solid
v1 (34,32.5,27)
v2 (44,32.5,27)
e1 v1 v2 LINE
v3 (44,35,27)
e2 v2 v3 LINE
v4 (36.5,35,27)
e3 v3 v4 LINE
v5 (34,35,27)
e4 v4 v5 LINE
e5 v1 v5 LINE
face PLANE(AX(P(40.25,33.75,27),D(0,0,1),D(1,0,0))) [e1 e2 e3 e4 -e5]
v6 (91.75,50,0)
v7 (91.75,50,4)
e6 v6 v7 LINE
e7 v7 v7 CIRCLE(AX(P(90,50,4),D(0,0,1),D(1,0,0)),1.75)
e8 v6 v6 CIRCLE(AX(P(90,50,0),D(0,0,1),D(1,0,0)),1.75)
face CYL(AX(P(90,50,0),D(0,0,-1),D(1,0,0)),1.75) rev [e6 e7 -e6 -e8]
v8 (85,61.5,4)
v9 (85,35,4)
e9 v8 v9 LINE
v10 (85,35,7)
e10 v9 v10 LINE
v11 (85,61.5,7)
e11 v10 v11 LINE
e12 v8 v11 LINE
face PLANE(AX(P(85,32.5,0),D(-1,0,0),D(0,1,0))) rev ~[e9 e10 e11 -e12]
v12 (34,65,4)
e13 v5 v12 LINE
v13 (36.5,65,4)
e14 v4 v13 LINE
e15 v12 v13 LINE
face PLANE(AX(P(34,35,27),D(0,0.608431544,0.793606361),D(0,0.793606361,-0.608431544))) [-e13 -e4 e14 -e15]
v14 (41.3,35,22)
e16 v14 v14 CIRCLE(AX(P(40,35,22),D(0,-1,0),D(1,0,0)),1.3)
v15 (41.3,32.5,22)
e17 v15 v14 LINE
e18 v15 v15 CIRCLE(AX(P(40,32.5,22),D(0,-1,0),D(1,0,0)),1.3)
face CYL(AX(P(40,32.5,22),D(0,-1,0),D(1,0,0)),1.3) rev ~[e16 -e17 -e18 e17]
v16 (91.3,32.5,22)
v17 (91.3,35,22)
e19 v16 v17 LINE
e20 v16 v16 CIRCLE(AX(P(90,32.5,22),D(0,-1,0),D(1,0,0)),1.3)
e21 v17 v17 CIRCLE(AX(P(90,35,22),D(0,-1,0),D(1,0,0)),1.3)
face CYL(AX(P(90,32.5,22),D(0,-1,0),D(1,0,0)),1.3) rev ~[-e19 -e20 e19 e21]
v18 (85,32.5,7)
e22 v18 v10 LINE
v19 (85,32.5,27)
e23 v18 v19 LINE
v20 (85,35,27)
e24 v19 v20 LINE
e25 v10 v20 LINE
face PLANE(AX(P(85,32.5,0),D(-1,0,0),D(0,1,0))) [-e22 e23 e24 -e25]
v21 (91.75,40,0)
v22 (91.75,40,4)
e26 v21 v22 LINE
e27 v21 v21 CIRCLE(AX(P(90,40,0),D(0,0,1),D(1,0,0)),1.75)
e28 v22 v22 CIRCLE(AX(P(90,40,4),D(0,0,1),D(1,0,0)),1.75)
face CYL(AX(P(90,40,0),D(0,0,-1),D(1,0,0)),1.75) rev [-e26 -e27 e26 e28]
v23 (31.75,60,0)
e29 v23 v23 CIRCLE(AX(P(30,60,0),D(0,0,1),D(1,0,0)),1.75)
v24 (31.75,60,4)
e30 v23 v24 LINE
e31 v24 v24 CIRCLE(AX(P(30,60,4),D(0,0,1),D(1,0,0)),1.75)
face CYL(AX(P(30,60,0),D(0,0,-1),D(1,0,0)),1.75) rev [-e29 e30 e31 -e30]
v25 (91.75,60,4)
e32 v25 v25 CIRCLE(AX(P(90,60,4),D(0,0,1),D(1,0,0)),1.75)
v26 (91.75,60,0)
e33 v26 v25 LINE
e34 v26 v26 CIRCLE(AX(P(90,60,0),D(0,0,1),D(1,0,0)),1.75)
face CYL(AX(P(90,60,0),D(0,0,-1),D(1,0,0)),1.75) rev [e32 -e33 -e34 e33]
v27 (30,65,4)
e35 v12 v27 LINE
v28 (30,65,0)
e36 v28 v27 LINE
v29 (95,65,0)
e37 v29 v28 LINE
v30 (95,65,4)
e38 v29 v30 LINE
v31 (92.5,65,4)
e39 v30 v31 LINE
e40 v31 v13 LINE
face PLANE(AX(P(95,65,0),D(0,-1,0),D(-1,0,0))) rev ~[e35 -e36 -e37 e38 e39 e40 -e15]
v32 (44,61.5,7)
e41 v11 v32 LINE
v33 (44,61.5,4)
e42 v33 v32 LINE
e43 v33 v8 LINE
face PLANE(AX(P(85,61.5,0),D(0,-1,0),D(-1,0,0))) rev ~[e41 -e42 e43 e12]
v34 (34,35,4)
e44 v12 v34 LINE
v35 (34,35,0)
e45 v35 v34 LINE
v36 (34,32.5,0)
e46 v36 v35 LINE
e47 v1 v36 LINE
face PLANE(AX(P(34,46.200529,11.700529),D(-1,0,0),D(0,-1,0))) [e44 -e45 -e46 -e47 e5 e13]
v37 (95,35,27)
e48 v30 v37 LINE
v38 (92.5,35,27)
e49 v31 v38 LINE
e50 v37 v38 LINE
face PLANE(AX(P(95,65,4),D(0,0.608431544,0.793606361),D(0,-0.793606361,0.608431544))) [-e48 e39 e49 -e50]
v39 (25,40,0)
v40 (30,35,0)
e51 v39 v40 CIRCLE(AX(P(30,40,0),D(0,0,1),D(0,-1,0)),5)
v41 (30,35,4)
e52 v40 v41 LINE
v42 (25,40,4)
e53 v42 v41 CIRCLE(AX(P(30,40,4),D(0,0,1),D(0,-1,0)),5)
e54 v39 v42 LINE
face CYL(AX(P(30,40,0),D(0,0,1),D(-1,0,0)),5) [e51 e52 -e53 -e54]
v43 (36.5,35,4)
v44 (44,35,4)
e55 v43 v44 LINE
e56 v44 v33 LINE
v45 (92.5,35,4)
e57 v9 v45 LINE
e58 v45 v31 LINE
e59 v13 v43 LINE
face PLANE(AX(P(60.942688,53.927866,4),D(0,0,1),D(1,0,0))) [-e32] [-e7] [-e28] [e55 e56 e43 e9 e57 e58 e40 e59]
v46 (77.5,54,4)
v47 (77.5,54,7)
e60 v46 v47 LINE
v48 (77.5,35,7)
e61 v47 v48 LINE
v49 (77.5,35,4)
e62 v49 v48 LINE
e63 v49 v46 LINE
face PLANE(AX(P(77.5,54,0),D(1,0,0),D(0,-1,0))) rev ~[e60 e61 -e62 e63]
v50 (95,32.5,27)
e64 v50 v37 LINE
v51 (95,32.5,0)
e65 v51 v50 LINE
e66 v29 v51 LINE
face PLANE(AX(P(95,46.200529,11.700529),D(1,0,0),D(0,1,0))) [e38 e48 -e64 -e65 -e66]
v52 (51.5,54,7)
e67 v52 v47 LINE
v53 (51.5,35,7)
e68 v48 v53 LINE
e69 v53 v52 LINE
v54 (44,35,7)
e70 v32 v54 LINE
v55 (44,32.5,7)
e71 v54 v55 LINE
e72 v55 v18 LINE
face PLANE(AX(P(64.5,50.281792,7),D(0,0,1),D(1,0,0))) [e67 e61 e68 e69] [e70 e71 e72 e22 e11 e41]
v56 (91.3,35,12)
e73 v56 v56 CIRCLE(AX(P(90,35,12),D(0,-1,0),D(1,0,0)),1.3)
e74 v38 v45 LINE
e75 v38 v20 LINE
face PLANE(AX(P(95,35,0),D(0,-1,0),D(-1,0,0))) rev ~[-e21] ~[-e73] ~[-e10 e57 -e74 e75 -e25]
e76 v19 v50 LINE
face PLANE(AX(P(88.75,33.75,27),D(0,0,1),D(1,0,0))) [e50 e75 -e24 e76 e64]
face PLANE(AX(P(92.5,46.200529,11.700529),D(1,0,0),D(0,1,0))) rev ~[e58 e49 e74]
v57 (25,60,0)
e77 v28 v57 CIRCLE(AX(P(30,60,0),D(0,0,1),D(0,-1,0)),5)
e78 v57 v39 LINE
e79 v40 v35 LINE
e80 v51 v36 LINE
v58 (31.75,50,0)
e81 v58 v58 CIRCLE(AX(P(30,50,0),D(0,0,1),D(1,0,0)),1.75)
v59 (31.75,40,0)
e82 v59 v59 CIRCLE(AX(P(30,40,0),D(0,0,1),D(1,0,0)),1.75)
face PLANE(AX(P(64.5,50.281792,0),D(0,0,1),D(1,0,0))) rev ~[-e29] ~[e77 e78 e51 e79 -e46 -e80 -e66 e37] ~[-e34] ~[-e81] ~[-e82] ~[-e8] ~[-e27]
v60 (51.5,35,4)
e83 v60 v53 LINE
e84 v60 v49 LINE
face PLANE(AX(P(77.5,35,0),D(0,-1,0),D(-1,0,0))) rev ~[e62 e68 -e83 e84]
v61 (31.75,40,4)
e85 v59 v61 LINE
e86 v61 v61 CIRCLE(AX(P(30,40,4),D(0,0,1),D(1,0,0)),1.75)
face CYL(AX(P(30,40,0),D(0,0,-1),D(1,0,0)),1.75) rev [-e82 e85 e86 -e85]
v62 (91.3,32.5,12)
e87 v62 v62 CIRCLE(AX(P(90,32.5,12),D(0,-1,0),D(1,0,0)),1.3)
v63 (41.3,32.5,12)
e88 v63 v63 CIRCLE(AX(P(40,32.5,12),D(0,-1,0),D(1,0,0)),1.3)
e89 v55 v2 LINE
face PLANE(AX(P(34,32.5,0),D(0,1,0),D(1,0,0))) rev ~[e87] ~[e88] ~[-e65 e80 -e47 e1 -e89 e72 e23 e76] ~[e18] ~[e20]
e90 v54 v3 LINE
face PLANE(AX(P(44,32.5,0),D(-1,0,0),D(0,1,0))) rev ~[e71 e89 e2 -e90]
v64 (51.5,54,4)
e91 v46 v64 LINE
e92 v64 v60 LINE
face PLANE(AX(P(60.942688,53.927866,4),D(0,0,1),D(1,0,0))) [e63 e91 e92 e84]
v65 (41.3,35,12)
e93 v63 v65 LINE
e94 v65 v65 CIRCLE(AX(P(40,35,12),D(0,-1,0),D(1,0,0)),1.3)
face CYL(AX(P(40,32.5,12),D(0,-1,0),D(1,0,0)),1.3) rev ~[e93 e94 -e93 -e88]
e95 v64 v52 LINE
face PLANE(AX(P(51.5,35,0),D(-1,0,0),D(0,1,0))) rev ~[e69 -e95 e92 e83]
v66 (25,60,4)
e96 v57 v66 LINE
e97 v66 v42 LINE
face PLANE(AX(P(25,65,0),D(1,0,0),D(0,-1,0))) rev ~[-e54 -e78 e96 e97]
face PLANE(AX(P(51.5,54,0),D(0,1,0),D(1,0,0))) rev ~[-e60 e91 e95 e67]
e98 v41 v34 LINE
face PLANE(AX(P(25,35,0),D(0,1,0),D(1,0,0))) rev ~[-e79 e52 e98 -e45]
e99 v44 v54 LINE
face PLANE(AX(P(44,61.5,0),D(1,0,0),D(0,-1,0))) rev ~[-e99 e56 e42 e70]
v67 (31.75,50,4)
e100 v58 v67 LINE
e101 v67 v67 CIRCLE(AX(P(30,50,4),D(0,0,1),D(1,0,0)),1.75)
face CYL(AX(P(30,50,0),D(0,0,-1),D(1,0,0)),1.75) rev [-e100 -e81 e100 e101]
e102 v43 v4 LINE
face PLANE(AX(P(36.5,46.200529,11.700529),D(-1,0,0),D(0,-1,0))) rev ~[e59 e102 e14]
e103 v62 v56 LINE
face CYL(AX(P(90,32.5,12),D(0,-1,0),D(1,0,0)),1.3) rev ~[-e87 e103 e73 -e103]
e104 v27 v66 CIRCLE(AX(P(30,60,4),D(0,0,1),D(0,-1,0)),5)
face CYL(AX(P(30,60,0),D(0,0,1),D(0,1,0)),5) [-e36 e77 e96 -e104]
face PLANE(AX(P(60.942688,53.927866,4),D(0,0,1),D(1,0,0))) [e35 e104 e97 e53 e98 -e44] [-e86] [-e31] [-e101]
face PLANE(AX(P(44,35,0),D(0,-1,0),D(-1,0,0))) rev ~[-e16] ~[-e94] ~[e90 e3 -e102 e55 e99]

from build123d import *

# Parameters (mm, degrees)
F1_R      = 1.75
F1_W      = 26
F1_H      = 19
F1_W_2    = 2.5
F1_H_2    = 2.5
F1_W_3    = 7.5
F2_DEPTH  = 4
F3_DEPTH  = 7
F4_DEPTH  = 27
F6_DEPTH  = 2.5
F8_DEPTH  = 2.5
F9_R      = 5
F10_R     = 1.3
F11_DEPTH = 25


with BuildPart() as f2:
    # F1 (on Top) → F2 (new body)
    with BuildSketch(Plane.XY):
        Polygon((34, 35), (36.5, 35), (44, 35), (44, 61.5), (85, 61.5), (85, 35), (92.5, 35), (95, 35), (95, 65), (36.5, 65), (25, 65), (25, 35), align=None)
        with Locations((30, 40)):
            Circle(F1_R, mode=Mode.SUBTRACT)
        with Locations((90, 40)):
            Circle(F1_R, mode=Mode.SUBTRACT)
        with Locations((30, 50)):
            Circle(F1_R, mode=Mode.SUBTRACT)
        with Locations((30, 60)):
            Circle(F1_R, mode=Mode.SUBTRACT)
        with Locations((90, 50)):
            Circle(F1_R, mode=Mode.SUBTRACT)
        with Locations((90, 60)):
            Circle(F1_R, mode=Mode.SUBTRACT)
        Polygon((44, 61.5), (44, 35), (51.5, 35), (51.5, 54), (77.5, 54), (77.5, 35), (85, 35), (85, 61.5), align=None)
        with Locations((64.5, 44.5)):
            Rectangle(F1_W, F1_H)
        with Locations((35.25, 33.75)):
            Rectangle(F1_W_2, F1_H_2)
        with Locations((40.25, 33.75)):
            Rectangle(F1_W_3, F1_H_2)
        Polygon((51.5, 35), (44, 35), (44, 32.5), (85, 32.5), (85, 35), (77.5, 35), align=None)
        with Locations((88.75, 33.75)):
            Rectangle(F1_W_3, F1_H_2)
        with Locations((93.75, 33.75)):
            Rectangle(F1_W_2, F1_H_2)
    extrude(amount=F2_DEPTH)

    # F1 (on Top) → F3 (join)
    with BuildSketch(Plane.XY):
        Polygon((44, 61.5), (44, 35), (51.5, 35), (51.5, 54), (77.5, 54), (77.5, 35), (85, 35), (85, 61.5), align=None)
        Polygon((51.5, 35), (44, 35), (44, 32.5), (85, 32.5), (85, 35), (77.5, 35), align=None)
    extrude(amount=F3_DEPTH)

    # F1 (on Top) → F4 (join)
    with BuildSketch(Plane.XY):
        with Locations((40.25, 33.75)):
            Rectangle(F1_W_3, F1_H_2)
        with Locations((88.75, 33.75)):
            Rectangle(F1_W_3, F1_H_2)
        with Locations((93.75, 33.75)):
            Rectangle(F1_W_2, F1_H_2)
        with Locations((35.25, 33.75)):
            Rectangle(F1_W_2, F1_H_2)
    extrude(amount=F4_DEPTH)

    # F5 (on face) → F6 (join)
    with BuildSketch(Plane.YZ.offset(95)):
        Polygon((65, 4), (35, 27), (35, 4), align=None)
    extrude(amount=-F6_DEPTH)

    # F7 (on face) → F8 (join)
    with BuildSketch(Plane(origin=(34, 0, 0), x_dir=(0, -1, 0), z_dir=(-1, 0, 0))):
        Polygon((-65, 4), (-35, 4), (-35, 27), align=None)
    extrude(amount=-F8_DEPTH)

    # F9
    f9_edges = [f2.edges().sort_by_distance(p)[0] for p in [
        (25, 35, 2),
        (25, 65, 2),
    ]]
    fillet(f9_edges, radius=F9_R)

    # F10 (on face) → F11 (cut)
    with BuildSketch(Plane.XZ.offset(-32.5)):
        with Locations((40, 22)):
            Circle(F10_R)
        with Locations((40, 12)):
            Circle(F10_R)
        with Locations((90, 12)):
            Circle(F10_R)
        with Locations((90, 22)):
            Circle(F10_R)
    extrude(amount=-F11_DEPTH, mode=Mode.SUBTRACT)


solid = f2.part
